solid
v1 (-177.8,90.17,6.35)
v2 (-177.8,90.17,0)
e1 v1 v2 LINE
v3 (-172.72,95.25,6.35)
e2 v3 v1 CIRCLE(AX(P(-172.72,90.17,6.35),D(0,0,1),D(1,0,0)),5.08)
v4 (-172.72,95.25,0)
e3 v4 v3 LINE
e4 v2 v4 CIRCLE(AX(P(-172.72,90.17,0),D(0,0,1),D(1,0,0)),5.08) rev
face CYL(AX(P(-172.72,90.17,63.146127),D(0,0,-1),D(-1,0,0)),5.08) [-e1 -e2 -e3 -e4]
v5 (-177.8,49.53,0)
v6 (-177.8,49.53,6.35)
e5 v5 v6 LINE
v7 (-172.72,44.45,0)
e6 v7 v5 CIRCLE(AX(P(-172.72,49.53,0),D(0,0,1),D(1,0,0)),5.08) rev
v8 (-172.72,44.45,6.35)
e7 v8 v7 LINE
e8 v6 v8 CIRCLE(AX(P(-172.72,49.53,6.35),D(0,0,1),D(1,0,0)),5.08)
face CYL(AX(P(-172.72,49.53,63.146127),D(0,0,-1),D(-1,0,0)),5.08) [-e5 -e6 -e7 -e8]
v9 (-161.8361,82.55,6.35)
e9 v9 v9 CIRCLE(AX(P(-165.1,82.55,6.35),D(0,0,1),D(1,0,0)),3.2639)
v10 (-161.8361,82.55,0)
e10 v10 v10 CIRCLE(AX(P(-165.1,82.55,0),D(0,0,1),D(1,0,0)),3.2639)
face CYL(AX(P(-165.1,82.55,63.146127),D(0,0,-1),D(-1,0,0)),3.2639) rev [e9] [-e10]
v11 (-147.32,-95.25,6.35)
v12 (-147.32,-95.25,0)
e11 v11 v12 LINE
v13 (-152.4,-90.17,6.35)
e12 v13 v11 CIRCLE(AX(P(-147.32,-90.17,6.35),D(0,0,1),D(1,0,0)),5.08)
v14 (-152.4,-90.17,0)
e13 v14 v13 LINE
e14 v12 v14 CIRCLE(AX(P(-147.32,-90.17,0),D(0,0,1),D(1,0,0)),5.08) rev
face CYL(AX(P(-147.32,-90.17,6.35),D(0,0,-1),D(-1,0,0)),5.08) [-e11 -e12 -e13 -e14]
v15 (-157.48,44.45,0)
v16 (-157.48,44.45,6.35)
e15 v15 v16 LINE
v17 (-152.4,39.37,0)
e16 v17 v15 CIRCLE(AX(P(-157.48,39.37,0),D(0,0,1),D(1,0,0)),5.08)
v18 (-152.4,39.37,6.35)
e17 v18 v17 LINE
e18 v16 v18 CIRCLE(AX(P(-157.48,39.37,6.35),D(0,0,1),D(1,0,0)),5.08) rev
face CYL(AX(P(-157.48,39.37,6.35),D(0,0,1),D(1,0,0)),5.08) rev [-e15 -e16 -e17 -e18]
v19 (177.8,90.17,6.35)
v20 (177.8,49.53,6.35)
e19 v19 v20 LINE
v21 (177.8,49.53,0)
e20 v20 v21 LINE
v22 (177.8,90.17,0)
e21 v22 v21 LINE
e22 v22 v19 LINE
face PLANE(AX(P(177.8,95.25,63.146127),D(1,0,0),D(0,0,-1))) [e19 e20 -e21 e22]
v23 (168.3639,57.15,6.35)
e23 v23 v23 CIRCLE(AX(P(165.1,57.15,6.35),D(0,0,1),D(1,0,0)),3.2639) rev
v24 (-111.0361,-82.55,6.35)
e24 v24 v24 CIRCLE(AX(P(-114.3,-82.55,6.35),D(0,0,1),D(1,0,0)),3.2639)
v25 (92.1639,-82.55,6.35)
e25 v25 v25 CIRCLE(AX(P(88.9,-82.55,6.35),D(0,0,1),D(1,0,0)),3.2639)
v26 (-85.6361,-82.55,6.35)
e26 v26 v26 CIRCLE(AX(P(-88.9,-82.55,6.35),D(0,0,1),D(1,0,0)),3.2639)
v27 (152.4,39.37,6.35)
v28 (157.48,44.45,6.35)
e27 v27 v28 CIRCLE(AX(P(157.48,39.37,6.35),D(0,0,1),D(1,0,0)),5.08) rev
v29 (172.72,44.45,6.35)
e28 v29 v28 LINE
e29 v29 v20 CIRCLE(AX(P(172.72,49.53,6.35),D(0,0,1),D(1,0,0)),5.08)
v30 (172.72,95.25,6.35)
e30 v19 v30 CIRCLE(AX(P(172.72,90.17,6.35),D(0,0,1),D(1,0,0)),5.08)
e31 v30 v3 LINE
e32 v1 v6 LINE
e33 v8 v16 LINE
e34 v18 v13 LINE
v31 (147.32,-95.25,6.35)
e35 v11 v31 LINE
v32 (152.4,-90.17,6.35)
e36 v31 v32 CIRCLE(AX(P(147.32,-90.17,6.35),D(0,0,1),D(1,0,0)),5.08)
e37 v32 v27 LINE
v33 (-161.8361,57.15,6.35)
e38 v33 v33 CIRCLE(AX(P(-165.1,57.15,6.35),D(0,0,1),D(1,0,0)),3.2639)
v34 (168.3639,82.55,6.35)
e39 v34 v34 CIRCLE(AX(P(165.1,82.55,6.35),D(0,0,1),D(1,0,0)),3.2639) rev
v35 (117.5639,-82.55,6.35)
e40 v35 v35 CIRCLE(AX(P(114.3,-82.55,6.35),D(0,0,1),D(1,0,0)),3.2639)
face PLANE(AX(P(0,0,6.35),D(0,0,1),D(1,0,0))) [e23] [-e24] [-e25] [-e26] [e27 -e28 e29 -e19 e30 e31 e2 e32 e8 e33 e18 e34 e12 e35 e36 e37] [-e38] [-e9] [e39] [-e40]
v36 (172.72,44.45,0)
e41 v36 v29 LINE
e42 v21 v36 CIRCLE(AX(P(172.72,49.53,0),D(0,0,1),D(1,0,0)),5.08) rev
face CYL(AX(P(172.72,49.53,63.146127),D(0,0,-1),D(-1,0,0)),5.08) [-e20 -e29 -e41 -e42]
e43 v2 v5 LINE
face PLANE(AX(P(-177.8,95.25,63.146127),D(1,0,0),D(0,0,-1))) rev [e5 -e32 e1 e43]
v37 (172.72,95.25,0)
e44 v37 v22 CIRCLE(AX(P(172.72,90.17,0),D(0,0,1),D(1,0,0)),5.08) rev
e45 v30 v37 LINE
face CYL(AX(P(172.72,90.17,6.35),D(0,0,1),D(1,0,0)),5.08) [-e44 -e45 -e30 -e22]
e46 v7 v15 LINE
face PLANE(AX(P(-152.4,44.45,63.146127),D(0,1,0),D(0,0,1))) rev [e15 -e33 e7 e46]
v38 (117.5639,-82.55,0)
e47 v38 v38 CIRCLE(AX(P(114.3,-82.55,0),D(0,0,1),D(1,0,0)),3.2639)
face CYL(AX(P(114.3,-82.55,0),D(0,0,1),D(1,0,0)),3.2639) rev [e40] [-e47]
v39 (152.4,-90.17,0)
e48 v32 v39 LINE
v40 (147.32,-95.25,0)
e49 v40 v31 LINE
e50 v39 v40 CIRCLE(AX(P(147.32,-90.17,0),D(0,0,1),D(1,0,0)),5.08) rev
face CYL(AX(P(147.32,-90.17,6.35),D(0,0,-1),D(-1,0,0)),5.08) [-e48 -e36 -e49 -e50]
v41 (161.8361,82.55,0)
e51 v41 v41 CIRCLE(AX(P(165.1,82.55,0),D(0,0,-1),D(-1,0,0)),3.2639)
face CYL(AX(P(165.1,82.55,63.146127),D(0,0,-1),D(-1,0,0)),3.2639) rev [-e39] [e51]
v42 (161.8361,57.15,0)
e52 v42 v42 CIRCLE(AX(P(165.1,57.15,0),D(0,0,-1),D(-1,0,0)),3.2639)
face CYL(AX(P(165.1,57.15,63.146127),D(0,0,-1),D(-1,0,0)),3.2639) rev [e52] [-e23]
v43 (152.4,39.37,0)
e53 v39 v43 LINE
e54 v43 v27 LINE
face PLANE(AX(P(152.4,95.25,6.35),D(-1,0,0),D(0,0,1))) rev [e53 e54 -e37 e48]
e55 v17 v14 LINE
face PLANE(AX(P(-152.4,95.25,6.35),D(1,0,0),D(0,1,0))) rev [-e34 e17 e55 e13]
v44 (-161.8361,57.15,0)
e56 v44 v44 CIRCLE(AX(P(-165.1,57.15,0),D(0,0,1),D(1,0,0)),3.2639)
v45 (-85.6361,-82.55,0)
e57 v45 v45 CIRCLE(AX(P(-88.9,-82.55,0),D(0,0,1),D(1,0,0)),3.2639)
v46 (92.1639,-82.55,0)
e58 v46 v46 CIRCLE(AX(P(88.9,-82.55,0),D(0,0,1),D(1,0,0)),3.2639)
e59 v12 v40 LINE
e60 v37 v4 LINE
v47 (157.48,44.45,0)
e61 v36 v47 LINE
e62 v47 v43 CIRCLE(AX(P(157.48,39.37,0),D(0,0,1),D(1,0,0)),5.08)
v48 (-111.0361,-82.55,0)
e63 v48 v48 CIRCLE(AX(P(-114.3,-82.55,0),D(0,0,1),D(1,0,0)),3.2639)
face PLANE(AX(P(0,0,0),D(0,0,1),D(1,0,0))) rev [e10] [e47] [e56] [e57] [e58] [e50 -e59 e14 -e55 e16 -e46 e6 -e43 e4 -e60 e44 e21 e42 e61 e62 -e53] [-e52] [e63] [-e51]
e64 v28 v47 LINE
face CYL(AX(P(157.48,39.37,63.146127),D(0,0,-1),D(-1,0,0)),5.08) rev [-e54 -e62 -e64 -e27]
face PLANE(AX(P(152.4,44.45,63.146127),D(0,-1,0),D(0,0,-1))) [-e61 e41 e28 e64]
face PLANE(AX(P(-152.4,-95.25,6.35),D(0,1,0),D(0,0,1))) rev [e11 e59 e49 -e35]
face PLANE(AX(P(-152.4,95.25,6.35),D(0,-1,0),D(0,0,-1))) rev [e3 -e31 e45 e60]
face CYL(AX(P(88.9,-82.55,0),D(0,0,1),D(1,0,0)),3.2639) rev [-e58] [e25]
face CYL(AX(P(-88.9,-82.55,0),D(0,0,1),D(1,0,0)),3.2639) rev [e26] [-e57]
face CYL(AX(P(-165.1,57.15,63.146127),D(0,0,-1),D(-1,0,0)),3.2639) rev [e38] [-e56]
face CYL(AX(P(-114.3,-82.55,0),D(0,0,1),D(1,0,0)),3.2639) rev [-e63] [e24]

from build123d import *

# Parameters (mm, degrees)
SKETCH1_W           = 304.8
SKETCH1_H           = 190.5
BOSS_EXTRUDE1_DEPTH = 6.35
SKETCH2_R           = 3.2639
CUT_EXTRUDE1_DEPTH  = 180.829488683
SKETCH3_W           = 25.4
SKETCH3_H           = 50.8
SKETCH3_R           = 3.2639
BOSS_EXTRUDE2_DEPTH = 6.35
FILLET1_R           = 5.08


with BuildPart() as part:
    # Sketch1 → Boss-Extrude1 (new body)
    with BuildSketch(Plane.XY):
        Rectangle(SKETCH1_W, SKETCH1_H)
    extrude(amount=BOSS_EXTRUDE1_DEPTH)

    # Sketch2 → Cut-Extrude1 (cut, through all)
    with BuildSketch(Plane.XY.offset(6.35)):
        with Locations((-114.3, -82.55)):
            Circle(SKETCH2_R)
        with Locations((-88.9, -82.55)):
            Circle(SKETCH2_R)
        with Locations((88.9, -82.55)):
            Circle(SKETCH2_R)
        with Locations((114.3, -82.55)):
            Circle(SKETCH2_R)
    extrude(amount=-CUT_EXTRUDE1_DEPTH, mode=Mode.SUBTRACT)

    # Sketch3 → Boss-Extrude2 (add)
    with BuildSketch(Plane.XY):
        with Locations((-165.1, 69.85)):
            Rectangle(SKETCH3_W, SKETCH3_H)
        with Locations((-165.1, 82.55)):
            Circle(SKETCH3_R, mode=Mode.SUBTRACT)
        with Locations((-165.1, 57.15)):
            Circle(SKETCH3_R, mode=Mode.SUBTRACT)
    boss_extrude2 = extrude(amount=BOSS_EXTRUDE2_DEPTH)

    # Mirror1: Boss-Extrude2 across plane
    add(boss_extrude2.mirror(Plane(origin=(0, 0, 0), x_dir=(0, 0, 1), z_dir=(1, 0, 0))))

    # Fillet1
    fillet1_edges = [part.edges().sort_by_distance(p)[0] for p in [
        (-177.8, 44.45, 3.175),
        (-177.8, 95.25, 3.175),
        (-152.4, 44.45, 3.175),
        (152.4, 44.45, 3.175),
        (177.8, 44.45, 3.175),
        (177.8, 95.25, 3.175),
        (152.4, -95.25, 3.175),
        (-152.4, -95.25, 3.175),
    ]]
    fillet(fillet1_edges, radius=FILLET1_R)


solid = part.part
